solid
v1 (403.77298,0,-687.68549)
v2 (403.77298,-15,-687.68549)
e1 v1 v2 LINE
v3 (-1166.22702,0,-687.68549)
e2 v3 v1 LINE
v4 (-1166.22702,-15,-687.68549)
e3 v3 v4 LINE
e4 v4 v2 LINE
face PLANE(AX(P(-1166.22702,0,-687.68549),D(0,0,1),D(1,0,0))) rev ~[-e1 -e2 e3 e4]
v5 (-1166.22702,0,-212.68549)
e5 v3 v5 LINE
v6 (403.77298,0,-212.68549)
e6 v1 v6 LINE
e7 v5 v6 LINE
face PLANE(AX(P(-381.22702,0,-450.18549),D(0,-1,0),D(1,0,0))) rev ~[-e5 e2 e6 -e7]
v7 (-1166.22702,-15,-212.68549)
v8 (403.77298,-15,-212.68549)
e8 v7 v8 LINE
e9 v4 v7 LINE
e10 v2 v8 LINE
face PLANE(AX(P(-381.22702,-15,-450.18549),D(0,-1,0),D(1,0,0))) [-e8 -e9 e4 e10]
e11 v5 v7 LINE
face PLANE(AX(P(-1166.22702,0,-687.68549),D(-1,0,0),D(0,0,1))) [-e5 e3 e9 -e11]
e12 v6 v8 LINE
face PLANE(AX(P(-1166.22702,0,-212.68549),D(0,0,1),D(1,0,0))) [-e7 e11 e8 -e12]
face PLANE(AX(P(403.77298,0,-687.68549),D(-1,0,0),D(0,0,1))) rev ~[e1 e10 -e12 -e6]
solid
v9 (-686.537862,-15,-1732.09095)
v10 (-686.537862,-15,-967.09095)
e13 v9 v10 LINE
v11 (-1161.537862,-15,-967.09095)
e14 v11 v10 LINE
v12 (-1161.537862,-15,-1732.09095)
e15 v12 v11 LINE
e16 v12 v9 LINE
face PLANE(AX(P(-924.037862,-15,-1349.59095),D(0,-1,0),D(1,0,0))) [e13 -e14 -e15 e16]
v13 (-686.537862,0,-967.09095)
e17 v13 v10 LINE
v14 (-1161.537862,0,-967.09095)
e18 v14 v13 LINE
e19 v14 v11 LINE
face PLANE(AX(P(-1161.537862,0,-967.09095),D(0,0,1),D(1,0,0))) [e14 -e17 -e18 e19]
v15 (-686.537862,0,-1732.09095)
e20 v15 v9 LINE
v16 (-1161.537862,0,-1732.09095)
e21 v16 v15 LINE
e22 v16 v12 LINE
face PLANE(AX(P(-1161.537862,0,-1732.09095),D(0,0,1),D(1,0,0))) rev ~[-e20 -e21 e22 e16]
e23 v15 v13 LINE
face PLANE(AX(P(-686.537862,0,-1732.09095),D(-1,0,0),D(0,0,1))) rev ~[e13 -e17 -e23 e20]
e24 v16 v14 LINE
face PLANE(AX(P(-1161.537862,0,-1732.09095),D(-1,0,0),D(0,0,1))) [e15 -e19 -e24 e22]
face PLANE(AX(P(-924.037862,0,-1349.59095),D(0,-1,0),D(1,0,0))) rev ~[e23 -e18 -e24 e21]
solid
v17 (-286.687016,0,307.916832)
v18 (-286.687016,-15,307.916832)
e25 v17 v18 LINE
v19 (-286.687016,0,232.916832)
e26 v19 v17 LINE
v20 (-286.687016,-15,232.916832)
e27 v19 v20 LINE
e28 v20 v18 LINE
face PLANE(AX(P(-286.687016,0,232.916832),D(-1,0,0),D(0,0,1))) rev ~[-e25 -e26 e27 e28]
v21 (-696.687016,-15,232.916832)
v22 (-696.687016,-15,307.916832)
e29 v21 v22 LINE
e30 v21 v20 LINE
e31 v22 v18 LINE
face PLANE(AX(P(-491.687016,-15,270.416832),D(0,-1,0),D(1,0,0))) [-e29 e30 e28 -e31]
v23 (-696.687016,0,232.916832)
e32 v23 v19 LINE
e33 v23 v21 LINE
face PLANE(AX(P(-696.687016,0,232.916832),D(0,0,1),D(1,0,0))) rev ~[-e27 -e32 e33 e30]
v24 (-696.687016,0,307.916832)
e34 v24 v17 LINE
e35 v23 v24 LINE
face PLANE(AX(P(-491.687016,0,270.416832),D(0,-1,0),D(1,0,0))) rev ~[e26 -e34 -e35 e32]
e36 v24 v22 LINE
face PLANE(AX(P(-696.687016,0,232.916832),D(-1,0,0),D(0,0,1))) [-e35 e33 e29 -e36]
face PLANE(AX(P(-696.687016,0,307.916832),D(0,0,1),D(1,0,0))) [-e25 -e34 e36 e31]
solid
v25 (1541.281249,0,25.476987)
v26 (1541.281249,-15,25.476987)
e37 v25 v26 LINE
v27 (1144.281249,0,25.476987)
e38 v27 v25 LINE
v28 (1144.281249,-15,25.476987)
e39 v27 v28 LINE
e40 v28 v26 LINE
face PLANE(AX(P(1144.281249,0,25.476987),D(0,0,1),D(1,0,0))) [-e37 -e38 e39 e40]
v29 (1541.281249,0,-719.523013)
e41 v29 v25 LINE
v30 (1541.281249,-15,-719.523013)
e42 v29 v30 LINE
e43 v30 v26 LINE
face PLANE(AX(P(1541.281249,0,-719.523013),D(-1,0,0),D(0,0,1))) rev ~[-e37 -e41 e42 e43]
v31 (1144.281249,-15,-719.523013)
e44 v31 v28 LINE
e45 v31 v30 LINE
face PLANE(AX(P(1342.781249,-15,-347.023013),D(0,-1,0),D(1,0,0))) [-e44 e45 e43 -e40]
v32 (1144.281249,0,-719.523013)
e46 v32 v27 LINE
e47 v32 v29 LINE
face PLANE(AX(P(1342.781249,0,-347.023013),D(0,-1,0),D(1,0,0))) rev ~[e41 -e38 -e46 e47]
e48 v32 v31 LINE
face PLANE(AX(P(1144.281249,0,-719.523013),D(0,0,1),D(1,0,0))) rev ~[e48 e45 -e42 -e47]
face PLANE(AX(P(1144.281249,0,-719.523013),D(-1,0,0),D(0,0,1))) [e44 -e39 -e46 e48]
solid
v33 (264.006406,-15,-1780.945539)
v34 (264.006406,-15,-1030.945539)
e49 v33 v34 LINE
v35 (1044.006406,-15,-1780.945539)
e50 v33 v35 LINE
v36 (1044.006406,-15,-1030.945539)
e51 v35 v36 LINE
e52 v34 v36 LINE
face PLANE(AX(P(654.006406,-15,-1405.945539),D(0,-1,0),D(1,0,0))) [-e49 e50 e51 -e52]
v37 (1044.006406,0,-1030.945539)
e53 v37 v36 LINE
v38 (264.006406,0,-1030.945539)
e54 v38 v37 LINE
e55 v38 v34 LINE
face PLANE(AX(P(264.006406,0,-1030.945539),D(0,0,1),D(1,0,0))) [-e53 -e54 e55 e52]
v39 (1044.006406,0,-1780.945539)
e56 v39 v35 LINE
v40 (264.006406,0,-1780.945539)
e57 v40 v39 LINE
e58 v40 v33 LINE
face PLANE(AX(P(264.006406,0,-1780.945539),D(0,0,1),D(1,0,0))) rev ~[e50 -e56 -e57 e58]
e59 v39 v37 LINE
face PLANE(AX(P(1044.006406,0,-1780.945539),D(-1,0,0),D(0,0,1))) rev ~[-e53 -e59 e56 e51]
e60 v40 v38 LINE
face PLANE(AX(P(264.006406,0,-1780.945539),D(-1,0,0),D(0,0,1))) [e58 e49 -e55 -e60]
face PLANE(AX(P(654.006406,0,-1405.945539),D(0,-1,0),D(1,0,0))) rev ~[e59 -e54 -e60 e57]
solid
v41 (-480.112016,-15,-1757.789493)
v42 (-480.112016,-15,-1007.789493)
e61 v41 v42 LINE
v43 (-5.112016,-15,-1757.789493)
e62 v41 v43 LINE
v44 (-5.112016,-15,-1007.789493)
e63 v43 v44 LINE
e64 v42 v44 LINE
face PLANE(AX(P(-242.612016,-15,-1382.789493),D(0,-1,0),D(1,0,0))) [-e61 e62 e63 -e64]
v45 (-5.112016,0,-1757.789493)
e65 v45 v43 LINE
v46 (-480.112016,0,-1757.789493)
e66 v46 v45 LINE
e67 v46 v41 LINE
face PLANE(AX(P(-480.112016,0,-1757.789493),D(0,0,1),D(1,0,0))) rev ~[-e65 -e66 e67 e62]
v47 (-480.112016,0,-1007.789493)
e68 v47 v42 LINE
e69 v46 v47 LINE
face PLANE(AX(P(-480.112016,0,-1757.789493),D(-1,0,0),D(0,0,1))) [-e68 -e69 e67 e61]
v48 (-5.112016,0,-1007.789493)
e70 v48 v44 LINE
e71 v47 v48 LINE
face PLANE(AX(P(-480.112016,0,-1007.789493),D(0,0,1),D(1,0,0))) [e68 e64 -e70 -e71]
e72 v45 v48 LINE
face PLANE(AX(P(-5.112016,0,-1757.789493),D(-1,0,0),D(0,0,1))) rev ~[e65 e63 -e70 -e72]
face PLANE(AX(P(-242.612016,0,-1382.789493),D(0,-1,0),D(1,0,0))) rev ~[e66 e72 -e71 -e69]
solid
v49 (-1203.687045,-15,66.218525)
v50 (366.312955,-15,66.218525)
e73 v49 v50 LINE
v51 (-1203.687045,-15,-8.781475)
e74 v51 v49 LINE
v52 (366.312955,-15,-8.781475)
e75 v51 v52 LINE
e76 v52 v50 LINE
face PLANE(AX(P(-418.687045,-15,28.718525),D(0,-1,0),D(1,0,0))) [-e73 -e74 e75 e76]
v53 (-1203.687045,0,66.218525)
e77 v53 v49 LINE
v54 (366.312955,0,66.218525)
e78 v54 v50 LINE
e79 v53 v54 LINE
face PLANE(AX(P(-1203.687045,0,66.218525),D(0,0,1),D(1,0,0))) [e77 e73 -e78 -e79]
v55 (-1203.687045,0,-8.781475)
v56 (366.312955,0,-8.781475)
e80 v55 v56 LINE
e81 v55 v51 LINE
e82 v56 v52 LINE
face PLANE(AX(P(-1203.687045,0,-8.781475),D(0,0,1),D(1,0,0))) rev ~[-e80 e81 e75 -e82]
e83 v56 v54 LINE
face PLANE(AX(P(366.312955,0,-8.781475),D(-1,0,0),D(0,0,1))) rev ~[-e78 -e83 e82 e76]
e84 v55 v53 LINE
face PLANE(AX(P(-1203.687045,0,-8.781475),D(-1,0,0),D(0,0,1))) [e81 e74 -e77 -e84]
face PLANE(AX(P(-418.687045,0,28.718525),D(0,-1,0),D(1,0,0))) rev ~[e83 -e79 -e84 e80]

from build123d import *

# Parameters (mm, degrees)
F0_W      = 1570
F0_H      = 75
F1_DEPTH  = 15
F2_W      = 1570
F2_H      = 475
F3_DEPTH  = 15
F4_W      = 475
F4_H      = 765
F5_DEPTH  = 15
F6_W      = 410
F6_H      = 75
F7_DEPTH  = 15
F8_W      = 475
F8_H      = 750
F9_DEPTH  = 15
F10_W     = 780
F10_H     = 750
F11_DEPTH = 15
F12_W     = 397
F12_H     = 745
F13_DEPTH = 15


with BuildPart() as f1:
    # F0 (on Front) → F1 (new body)
    with BuildSketch(Plane.XZ):
        with Locations((-418.687045, 28.718525)):
            Rectangle(F0_W, F0_H)
    extrude(amount=F1_DEPTH)


with BuildPart() as f3:
    # F2 (on Front) → F3 (new body)
    with BuildSketch(Plane.XZ):
        with Locations((-381.22702, -450.18549)):
            Rectangle(F2_W, F2_H)
    extrude(amount=F3_DEPTH)


with BuildPart() as f5:
    # F4 (on Front) → F5 (new body)
    with BuildSketch(Plane.XZ):
        with Locations((-924.037862, -1349.59095)):
            Rectangle(F4_W, F4_H)
    extrude(amount=F5_DEPTH)


with BuildPart() as f7:
    # F6 (on Front) → F7 (new body)
    with BuildSketch(Plane.XZ):
        with Locations((-491.687016, 270.416832)):
            Rectangle(F6_W, F6_H)
    extrude(amount=F7_DEPTH)


with BuildPart() as f9:
    # F8 (on Front) → F9 (new body)
    with BuildSketch(Plane.XZ):
        with Locations((-242.612016, -1382.789493)):
            Rectangle(F8_W, F8_H)
    extrude(amount=F9_DEPTH)


with BuildPart() as f11:
    # F10 (on Front) → F11 (new body)
    with BuildSketch(Plane.XZ):
        with Locations((654.006406, -1405.945539)):
            Rectangle(F10_W, F10_H)
    extrude(amount=F11_DEPTH)


with BuildPart() as f13:
    # F12 (on Front) → F13 (new body)
    with BuildSketch(Plane.XZ):
        with Locations((1342.781249, -347.023013)):
            Rectangle(F12_W, F12_H)
    extrude(amount=F13_DEPTH)


solid = Compound([f1.part, f3.part, f5.part, f7.part, f9.part, f11.part, f13.part])
